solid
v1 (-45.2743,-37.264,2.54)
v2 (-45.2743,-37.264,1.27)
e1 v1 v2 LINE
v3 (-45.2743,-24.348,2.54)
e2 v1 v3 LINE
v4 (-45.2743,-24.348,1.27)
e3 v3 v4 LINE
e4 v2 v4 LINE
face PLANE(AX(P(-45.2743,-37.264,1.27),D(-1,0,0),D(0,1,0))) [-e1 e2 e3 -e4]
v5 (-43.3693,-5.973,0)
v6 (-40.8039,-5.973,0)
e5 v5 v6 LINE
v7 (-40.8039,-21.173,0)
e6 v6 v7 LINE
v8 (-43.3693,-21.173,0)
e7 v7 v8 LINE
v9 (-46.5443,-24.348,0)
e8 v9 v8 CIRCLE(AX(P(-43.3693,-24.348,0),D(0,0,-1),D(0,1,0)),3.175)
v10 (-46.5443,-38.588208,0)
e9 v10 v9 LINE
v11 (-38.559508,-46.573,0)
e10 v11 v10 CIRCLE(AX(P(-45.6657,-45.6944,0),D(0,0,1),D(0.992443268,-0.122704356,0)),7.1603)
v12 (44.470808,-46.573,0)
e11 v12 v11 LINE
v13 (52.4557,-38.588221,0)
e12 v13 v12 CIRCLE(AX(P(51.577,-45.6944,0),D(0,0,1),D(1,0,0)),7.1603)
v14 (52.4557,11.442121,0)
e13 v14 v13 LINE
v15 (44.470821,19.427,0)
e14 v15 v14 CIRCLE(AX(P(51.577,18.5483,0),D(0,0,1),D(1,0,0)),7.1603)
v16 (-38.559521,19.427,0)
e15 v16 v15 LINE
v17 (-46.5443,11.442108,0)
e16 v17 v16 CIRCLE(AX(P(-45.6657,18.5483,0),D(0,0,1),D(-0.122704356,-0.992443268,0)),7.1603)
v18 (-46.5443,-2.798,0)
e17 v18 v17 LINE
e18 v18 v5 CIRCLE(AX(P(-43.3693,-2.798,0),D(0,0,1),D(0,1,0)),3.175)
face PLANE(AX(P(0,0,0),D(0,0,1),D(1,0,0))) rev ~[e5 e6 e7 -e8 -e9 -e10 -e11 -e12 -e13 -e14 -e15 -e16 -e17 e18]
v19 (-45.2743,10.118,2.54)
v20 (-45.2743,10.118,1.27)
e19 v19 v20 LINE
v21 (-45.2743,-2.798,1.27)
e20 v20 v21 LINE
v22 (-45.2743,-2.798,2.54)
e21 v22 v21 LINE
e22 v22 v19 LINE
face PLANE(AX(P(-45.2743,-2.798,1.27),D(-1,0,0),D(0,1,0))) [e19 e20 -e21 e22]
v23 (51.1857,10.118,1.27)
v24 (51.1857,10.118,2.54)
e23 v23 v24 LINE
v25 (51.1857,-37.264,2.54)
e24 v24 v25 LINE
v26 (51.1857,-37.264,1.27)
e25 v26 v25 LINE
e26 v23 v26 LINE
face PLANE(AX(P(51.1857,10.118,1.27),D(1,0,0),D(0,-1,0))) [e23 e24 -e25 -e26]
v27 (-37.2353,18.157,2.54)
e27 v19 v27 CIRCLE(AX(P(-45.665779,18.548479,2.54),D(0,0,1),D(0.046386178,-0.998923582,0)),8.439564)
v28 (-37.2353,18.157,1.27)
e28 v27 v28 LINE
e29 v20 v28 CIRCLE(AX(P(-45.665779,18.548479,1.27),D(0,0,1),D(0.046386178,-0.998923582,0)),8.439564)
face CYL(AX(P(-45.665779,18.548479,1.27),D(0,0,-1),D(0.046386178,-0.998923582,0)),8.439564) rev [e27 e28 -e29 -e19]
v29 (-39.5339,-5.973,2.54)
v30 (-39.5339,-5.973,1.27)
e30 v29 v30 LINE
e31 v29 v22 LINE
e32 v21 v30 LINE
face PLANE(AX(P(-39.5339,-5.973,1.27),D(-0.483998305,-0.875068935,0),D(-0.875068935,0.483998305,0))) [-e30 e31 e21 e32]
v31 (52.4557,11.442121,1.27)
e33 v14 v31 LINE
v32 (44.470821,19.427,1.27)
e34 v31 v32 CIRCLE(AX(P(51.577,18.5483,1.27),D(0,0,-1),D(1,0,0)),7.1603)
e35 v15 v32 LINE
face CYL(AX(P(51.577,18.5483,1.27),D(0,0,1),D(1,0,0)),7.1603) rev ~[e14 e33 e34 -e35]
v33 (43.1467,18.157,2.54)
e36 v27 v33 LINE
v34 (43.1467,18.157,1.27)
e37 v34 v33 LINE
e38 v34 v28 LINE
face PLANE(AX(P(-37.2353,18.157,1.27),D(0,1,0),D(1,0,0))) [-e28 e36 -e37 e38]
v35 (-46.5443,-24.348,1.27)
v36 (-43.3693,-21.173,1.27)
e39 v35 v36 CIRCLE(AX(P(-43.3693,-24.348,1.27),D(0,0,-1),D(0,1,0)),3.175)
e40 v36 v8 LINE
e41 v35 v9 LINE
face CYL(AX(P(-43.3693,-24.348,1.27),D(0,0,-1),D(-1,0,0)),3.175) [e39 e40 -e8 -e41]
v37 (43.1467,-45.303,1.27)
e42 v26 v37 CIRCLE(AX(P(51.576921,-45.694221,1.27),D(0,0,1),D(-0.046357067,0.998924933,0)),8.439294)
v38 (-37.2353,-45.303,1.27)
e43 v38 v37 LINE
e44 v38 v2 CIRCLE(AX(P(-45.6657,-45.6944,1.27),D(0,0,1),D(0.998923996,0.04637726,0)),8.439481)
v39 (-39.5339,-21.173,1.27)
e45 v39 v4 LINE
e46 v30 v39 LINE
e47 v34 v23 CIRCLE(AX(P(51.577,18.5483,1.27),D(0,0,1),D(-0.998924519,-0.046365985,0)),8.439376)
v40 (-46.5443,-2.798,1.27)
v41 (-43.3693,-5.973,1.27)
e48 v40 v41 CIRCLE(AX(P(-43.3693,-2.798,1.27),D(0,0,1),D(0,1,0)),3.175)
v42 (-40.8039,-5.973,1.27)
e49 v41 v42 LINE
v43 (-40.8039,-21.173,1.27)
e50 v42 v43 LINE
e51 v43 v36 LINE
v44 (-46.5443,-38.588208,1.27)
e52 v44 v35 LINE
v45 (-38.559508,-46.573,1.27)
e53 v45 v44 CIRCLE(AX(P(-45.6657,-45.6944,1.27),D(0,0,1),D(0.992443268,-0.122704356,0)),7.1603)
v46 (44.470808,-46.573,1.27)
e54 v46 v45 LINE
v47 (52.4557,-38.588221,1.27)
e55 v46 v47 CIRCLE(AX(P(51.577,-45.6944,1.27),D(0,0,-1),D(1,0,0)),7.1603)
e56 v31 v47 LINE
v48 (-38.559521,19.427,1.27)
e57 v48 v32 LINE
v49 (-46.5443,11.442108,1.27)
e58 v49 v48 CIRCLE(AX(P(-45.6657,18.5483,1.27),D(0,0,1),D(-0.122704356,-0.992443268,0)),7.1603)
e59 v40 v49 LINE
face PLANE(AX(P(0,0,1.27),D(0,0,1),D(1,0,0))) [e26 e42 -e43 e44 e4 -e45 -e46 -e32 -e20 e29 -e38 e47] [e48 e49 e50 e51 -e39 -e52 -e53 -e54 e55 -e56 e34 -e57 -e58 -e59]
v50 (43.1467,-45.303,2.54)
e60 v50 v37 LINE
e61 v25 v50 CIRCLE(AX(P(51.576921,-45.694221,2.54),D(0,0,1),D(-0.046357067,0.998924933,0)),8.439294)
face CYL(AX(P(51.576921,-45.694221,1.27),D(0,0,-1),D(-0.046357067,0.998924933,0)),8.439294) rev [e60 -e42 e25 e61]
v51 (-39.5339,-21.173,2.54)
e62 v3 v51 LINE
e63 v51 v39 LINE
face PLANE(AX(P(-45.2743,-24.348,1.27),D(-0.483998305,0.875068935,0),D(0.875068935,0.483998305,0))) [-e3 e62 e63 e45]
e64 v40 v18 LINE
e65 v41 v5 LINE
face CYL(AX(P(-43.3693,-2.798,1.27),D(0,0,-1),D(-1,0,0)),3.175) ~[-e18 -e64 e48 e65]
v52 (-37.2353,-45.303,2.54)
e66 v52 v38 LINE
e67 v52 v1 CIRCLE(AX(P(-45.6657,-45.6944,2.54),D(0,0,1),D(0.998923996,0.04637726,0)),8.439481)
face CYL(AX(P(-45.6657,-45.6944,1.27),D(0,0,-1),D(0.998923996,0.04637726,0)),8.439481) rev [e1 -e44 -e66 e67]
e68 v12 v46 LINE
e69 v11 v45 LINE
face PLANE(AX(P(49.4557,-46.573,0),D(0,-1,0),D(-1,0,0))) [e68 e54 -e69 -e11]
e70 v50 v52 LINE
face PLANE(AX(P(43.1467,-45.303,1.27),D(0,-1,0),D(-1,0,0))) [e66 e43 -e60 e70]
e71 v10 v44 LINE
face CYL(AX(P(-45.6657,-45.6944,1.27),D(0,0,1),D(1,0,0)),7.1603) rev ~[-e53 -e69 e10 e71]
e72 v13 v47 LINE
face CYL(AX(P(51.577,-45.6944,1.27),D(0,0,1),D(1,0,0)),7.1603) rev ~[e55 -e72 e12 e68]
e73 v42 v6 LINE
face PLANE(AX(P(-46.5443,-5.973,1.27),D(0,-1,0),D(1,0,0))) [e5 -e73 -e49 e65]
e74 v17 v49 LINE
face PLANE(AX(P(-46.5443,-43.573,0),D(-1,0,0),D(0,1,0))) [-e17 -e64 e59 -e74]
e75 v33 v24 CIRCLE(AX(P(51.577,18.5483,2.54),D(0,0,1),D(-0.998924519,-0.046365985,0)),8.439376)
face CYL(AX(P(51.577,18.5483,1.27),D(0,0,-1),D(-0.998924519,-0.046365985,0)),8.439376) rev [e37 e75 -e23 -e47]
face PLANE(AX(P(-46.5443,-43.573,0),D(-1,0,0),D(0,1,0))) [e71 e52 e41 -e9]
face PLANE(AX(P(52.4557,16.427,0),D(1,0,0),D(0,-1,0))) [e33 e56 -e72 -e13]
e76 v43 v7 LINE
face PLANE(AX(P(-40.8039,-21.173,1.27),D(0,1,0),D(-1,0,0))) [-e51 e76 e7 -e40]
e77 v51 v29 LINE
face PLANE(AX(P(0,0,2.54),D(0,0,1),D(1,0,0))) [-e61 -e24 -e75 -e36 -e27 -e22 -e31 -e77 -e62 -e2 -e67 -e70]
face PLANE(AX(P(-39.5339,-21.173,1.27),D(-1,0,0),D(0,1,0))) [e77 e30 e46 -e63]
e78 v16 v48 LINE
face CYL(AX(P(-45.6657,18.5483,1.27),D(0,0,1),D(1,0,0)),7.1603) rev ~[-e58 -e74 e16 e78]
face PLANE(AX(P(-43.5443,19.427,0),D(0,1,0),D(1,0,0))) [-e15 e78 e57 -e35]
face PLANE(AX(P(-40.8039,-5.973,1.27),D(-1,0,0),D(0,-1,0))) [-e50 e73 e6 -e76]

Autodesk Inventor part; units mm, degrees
ref_plane "YZ Plane" through (0, 0, 0) normal (1, 0, 0) x (0, 1, 0)
ref_plane "XZ Plane" through (0, 0, 0) normal (0, 1, 0) x (-1, 0, 0)
ref_plane "XY Plane" through (0, 0, 0) normal (0, 0, 1) x (1, 0, 0)
sketch "Sketch1" plane through (0, 0, 0) normal (0, 0, 1) x (1, 0, 0)
  line L0 (-43.5443, 19.427) -> (49.4557, 19.427)
  line L1 (52.4557, 16.427) -> (52.4557, -43.573)
  line L2 (49.4557, -46.573) -> (-43.5443, -46.573)
  line L3 (-46.5443, -43.573) -> (-46.5443, 16.427)
  arc A0 (-43.5443, 19.427) -> (-46.5443, 16.427) centre (-43.5443, 16.427) ccw
  arc A1 (-46.5443, -43.573) -> (-43.5443, -46.573) centre (-43.5443, -43.573) ccw
  arc A2 (49.4557, -46.573) -> (52.4557, -43.573) centre (49.4557, -43.573) ccw
  arc A3 (52.4557, 16.427) -> (49.4557, 19.427) centre (49.4557, 16.427) ccw
  point P0 (0, 0)
  point P1 (0, 0)
  point P2 (-46.5443, 19.427)
  point P3 (52.4557, -46.573)
  point P4 (52.4557, 19.427)
  dimension "d0" = 99
  dimension "d1" = 66
  dimension "d2" = 3
extrude "Extrusion1" add sketch "Sketch1" along normal blind 1.27
sketch "Sketch2" plane through (0, 0, 1.27) normal (0, 0, 1) x (1, 0, 0)
  line L0 (-46.5443, 16.427) -> (-46.5443, -43.573) projected
  line L1 (49.4557, 19.427) -> (-43.5443, 19.427) projected
  circle A0 centre (-42.7343, 15.617) radius 1.5875
  line L2 (-50.0562, -13.573) -> (79.0191, -13.573) construction
  line L3 (2.9557, 30.2203) -> (2.9557, -48.7988) construction
  circle A1 centre (-42.7343, -42.763) radius 1.5875
  circle A2 centre (48.6457, 15.617) radius 1.5875
  circle A3 centre (48.6457, -42.763) radius 1.5875
  point P0 (0, 0)
  dimension "d8" = 3.175
  dimension "d9" = 3.81
  dimension "d10" = 3.81
extrude "Extrusion2" cut sketch "Sketch2" against normal blind 25.4
sketch "Sketch3" plane through (0, 0, 1.27) normal (0, 0, 1) x (1, 0, 0)
  circle A0 centre (48.6457, 15.617) radius 1.5875 projected
  circle A1 centre (-42.7343, 15.617) radius 1.5875 projected
  circle A2 centre (-42.7343, -42.763) radius 1.5875 projected
  circle A3 centre (48.6457, -42.763) radius 1.5875 projected
  line L0 (49.4557, 19.427) -> (-43.5443, 19.427) projected
  arc A4 (-43.5443, 19.427) -> (-46.5443, 16.427) centre (-43.5443, 16.427) ccw projected
  line L1 (-46.5443, 16.427) -> (-46.5443, -43.573) construction
  arc A5 (-46.5443, -43.573) -> (-43.5443, -46.573) centre (-43.5443, -43.573) ccw projected
  line L2 (-43.5443, -46.573) -> (49.4557, -46.573) projected
  arc A6 (49.4557, -46.573) -> (52.4557, -43.573) centre (49.4557, -43.573) ccw projected
  line L3 (52.4557, -43.573) -> (52.4557, 16.427) projected
  arc A7 (52.4557, 16.427) -> (49.4557, 19.427) centre (49.4557, 16.427) ccw projected
  arc A8 (-43.5443, 19.427) -> (-46.5443, 16.427) centre (-43.5443, 16.427) ccw projected
  line L4 (49.4557, 19.427) -> (-43.5443, 19.427) projected
  circle A9 centre (48.6457, 15.617) radius 1.5875 projected
  circle A10 centre (-42.7343, 15.617) radius 1.5875 projected
  circle A11 centre (-42.7343, -42.763) radius 1.5875 projected
  circle A12 centre (48.6457, -42.763) radius 1.5875 projected
  arc A13 (52.4557, 16.427) -> (49.4557, 19.427) centre (49.4557, 16.427) ccw projected
  line L5 (52.4557, 16.427) -> (52.4557, -43.573) projected
  arc A14 (49.4557, -46.573) -> (52.4557, -43.573) centre (49.4557, -43.573) ccw projected
  line L6 (49.4557, -46.573) -> (-43.5443, -46.573) projected
  arc A15 (-46.5443, -43.573) -> (-43.5443, -46.573) centre (-43.5443, -43.573) ccw projected
  line L7 (-46.5443, -43.573) -> (-46.5443, 16.427) projected
  arc A16 (-43.5443, 19.427) -> (-46.5443, 16.427) centre (-43.5443, 16.427) ccw projected
  line L8 (-43.5443, 19.427) -> (49.4557, 19.427) projected
  line L9 (-43.5443, 19.427) -> (49.4557, 19.427) projected
  line L10 (-40.8039, 19.427) -> (-40.8039, -46.573) construction
  line L11 (49.4557, -46.573) -> (-43.5443, -46.573) projected
  line L12 (-40.8039, 19.427) -> (-51.3078, 19.427) construction
  line L13 (-40.8039, -46.573) -> (-51.3078, -46.573) construction
  line L14 (-40.8039, -21.173) -> (-51.3078, -21.173) construction
  line L15 (-40.8039, -5.973) -> (-51.3078, -5.973) construction
  line L16 (-46.5443, -43.573) -> (-46.5443, 16.427) projected
  line L17 (-46.5443, -5.973) -> (-40.8039, -5.973)
  line L18 (-40.8039, -5.973) -> (-40.8039, -21.173)
  line L19 (-40.8039, -21.173) -> (-46.5443, -21.173)
  line L20 (-46.5443, -21.173) -> (-46.5443, -5.973)
  point P0 (0, 0)
  dimension "d13" = 25.4
  dimension "d14" = 25.4
  dimension "d15" = 5.7404
extrude "Extrusion3" cut sketch "Sketch3" against normal blind 25.4 contours L17 L18 L19 L7
fillet "Fillet1" radius 3.175 2 edges at (-46.5443, -21.173, 0.635) (-46.5443, -5.973, 0.635)
sketch "Sketch9" plane through (0, 0, 1.27) normal (0, 0, 1) x (1, 0, 0)
  arc A0 (-43.5443, 19.427) -> (-46.5443, 16.427) centre (-43.5443, 16.427) ccw projected
  line L0 (-46.5443, -2.798) -> (-46.5443, 16.427) construction
  line L1 (-46.5443, 16.427) -> (-46.5443, -2.798)
  line L2 (-43.5443, 19.427) -> (-26.5771, 19.427) construction
  line L3 (49.4557, 19.427) -> (-43.5443, 19.427) projected
  line L4 (-45.6657, 18.5483) -> (-26.5771, -0.5403) construction
  line L5 (-45.6657, 18.5483) -> (-18.6704, 18.5483) construction
  circle A1 centre (-45.6657, 18.5483) radius 7.1603
  arc A2 (-46.5443, -2.798) -> (-43.3693, -5.973) centre (-43.3693, -2.798) ccw projected
  line L6 (-43.3693, -5.973) -> (-40.8039, -5.973) projected
  line L7 (-40.8039, -5.973) -> (-40.8039, -21.173) projected
  line L8 (-40.8039, -21.173) -> (-43.3693, -21.173) projected
  arc A3 (-43.3693, -21.173) -> (-46.5443, -24.348) centre (-43.3693, -24.348) ccw projected
  line L9 (-46.5443, -24.348) -> (-46.5443, -43.573) projected
  arc A4 (-46.5443, -43.573) -> (-43.5443, -46.573) centre (-43.5443, -43.573) ccw projected
  line L10 (-43.5443, -46.573) -> (49.4557, -46.573) projected
  arc A5 (49.4557, -46.573) -> (52.4557, -43.573) centre (49.4557, -43.573) ccw projected
  line L11 (52.4557, -43.573) -> (52.4557, 16.427) projected
  arc A6 (52.4557, 16.427) -> (49.4557, 19.427) centre (49.4557, 16.427) ccw projected
  line L12 (49.4557, 19.427) -> (-43.5443, 19.427) projected
  arc A7 (-43.5443, 19.427) -> (-46.5443, 16.427) centre (-43.5443, 16.427) ccw projected
  line L13 (-46.5443, 16.427) -> (-46.5443, -2.798) projected
  circle A8 centre (48.6457, 15.617) radius 1.5875 projected
  circle A9 centre (-42.7343, 15.617) radius 1.5875 projected
  circle A10 centre (-42.7343, -42.763) radius 1.5875 projected
  circle A11 centre (48.6457, -42.763) radius 1.5875 projected
  line L14 (-75.7777, -13.573) -> (114.1059, -13.573) construction
  line L15 (2.9557, 31.1348) -> (2.9557, -53.319) construction
  circle A12 centre (-45.6657, -45.6944) radius 7.1603
  line L16 (2.9557, -58.2809) -> (2.9557, 26.1729) construction
  circle A13 centre (51.577, 18.5483) radius 7.1603
  circle A14 centre (51.577, -45.6944) radius 7.1603
  point P0 (0, 0)
  dimension "d28" = 45
extrude "Extrusion5" cut sketch "Sketch9" against normal blind 12.7 contours L3 A1 L1 A0 | A0 L1 A1 L3 | A13 L11 A6 L3 | L3 A6 L11 A13 | A14 L10 A5 L11 | L11 A5 L10 A14 | A12 L9 A4 L10 | L10 A4 L9 A12
sketch "Sketch10" plane through (0, 0, 1.27) normal (0, 0, 1) x (1, 0, 0)
  arc A0 (52.4557, -38.5882) -> (44.4708, -46.573) centre (51.577, -45.6944) ccw projected
  line L0 (52.4557, -38.5882) -> (52.4557, 11.4421) projected
  arc A1 (44.4708, 19.427) -> (52.4557, 11.4421) centre (51.577, 18.5483) ccw projected
  line L1 (44.4708, 19.427) -> (-38.5595, 19.427) projected
  arc A2 (-46.5443, 11.4421) -> (-38.5595, 19.427) centre (-45.6657, 18.5483) ccw projected
  line L2 (-46.5443, 11.4421) -> (-46.5443, -2.798) projected
  arc A3 (-46.5443, -2.798) -> (-43.3693, -5.973) centre (-43.3693, -2.798) ccw projected
  line L3 (-43.3693, -5.973) -> (-40.8039, -5.973) projected
  line L4 (-40.8039, -5.973) -> (-40.8039, -21.173) projected
  line L5 (-40.8039, -21.173) -> (-43.3693, -21.173) projected
  arc A4 (-43.3693, -21.173) -> (-46.5443, -24.348) centre (-43.3693, -24.348) ccw projected
  line L6 (-46.5443, -24.348) -> (-46.5443, -38.5882) projected
  arc A5 (-38.5595, -46.573) -> (-46.5443, -38.5882) centre (-45.6657, -45.6944) ccw projected
  line L7 (-38.5595, -46.573) -> (44.4708, -46.573) projected
  line L8 (-36.7645, -45.303) -> (43.1467, -45.303)
  line L9 (-36.7645, 18.157) -> (43.1467, 18.157)
  line L10 (44.4708, 19.427) -> (-38.5595, 19.427) projected
  line L11 (-36.7645, -45.303) -> (-37.2353, -45.303)
  arc A6 (-38.5595, -46.573) -> (-46.5443, -38.5882) centre (-45.6657, -45.6944) ccw projected
  line L12 (-36.7645, 18.157) -> (-37.2353, 18.157)
  line L13 (51.1857, 10.118) -> (51.1857, -37.264)
  arc A7 (44.4708, 19.427) -> (52.4557, 11.4421) centre (51.577, 18.5483) ccw projected
  line L14 (-39.5339, -5.973) -> (-39.5339, -21.173)
  line L15 (-45.2743, -2.798) -> (-39.5339, -5.973)
  line L16 (-39.5339, -21.173) -> (-45.2743, -24.348)
  line L17 (51.1857, 10.118) -> (52.4557, 10.118) construction
  line L18 (52.4557, -38.5882) -> (52.4557, 11.4421) projected
  line L19 (43.1467, 18.157) -> (43.1467, 19.427) construction
  arc A8 (43.1467, 18.157) -> (51.1857, 10.118) centre (51.577, 18.5483) ccw
  line L20 (-56.5649, -13.573) -> (80.9191, -13.573) construction
  line L21 (2.9557, 34.2968) -> (2.9557, -68.6615) construction
  arc A9 (51.1857, -37.264) -> (43.1467, -45.303) centre (51.577, -45.6944) ccw
  arc A10 (-45.2743, 10.118) -> (-37.2353, 18.157) centre (-45.6657, 18.5483) ccw
  arc A11 (-37.2353, -45.303) -> (-45.2743, -37.264) centre (-45.6657, -45.6944) ccw
  line L22 (-45.2743, 10.118) -> (-45.2743, -2.798)
  line L23 (-45.2743, -37.264) -> (-45.2743, -24.348)
  line L24 (-46.5443, -43.573) -> (-46.5443, -24.348) projected
  point P0 (0, 0)
  dimension "d31" = 1.27
  dimension "d32" = 1.27
  dimension "d35" = 1.27
  dimension "d36" = 1.27
  dimension "d39" = 3.175
  dimension "d40" = 3.175
  dimension "d42" = 1.27
  dimension "d43" = 1.27
  dimension "d44" = 1.2791
extrude "Extrusion6" cut sketch "Sketch10" against normal blind 7.62 contours L11 A11 L23 L16 L14 L15 L22 A10 L12 L9 A8 L13 A9 L8
sketch "Sketch13" plane through (0, 0, 1.27) normal (0, 0, 1) x (1, 0, 0)
  arc A0 (51.1857, -37.264) -> (43.1467, -45.303) centre (51.577, -45.6944) ccw projected
  line L0 (43.1467, -45.303) -> (-37.2353, -45.303) projected
  arc A1 (-37.2353, -45.303) -> (-45.2743, -37.264) centre (-45.6657, -45.6944) ccw projected
  line L1 (-45.2743, -37.264) -> (-45.2743, -24.348) projected
  line L2 (-45.2743, -24.348) -> (-39.5339, -21.173) projected
  line L3 (-39.5339, -21.173) -> (-39.5339, -5.973) projected
  line L4 (-39.5339, -5.973) -> (-45.2743, -2.798) projected
  line L5 (-45.2743, -2.798) -> (-45.2743, 10.118) projected
  arc A2 (-45.2743, 10.118) -> (-37.2353, 18.157) centre (-45.6657, 18.5483) ccw projected
  line L6 (-37.2353, 18.157) -> (43.1467, 18.157) projected
  arc A3 (43.1467, 18.157) -> (51.1857, 10.118) centre (51.577, 18.5483) ccw projected
  line L7 (51.1857, 10.118) -> (51.1857, -37.264) projected
  arc A4 (52.4557, -38.5882) -> (44.4708, -46.573) centre (51.577, -45.6944) ccw projected
  line L8 (52.4557, -38.5882) -> (52.4557, 11.4421) projected
  arc A5 (44.4708, 19.427) -> (52.4557, 11.4421) centre (51.577, 18.5483) ccw projected
  line L9 (44.4708, 19.427) -> (-38.5595, 19.427) projected
  arc A6 (-46.5443, 11.4421) -> (-38.5595, 19.427) centre (-45.6657, 18.5483) ccw projected
  line L10 (-46.5443, 11.4421) -> (-46.5443, -2.798) projected
  arc A7 (-46.5443, -2.798) -> (-43.3693, -5.973) centre (-43.3693, -2.798) ccw projected
  line L11 (-43.3693, -5.973) -> (-40.8039, -5.973) projected
  line L12 (-40.8039, -5.973) -> (-40.8039, -21.173) projected
  line L13 (-40.8039, -21.173) -> (-43.3693, -21.173) projected
  arc A8 (-43.3693, -21.173) -> (-46.5443, -24.348) centre (-43.3693, -24.348) ccw projected
  line L14 (-46.5443, -24.348) -> (-46.5443, -38.5882) projected
  arc A9 (-38.5595, -46.573) -> (-46.5443, -38.5882) centre (-45.6657, -45.6944) ccw projected
  line L15 (-38.5595, -46.573) -> (44.4708, -46.573) projected
  point P0 (0, 0)
extrude "Extrusion9" add sketch "Sketch13" along normal blind 1.27 and the other way blind 1.27 contours A0 L0 A1 L1 L2 L3 L4 L5 A2 L6 A3 L7
properties part number "battbase__lid_final"
